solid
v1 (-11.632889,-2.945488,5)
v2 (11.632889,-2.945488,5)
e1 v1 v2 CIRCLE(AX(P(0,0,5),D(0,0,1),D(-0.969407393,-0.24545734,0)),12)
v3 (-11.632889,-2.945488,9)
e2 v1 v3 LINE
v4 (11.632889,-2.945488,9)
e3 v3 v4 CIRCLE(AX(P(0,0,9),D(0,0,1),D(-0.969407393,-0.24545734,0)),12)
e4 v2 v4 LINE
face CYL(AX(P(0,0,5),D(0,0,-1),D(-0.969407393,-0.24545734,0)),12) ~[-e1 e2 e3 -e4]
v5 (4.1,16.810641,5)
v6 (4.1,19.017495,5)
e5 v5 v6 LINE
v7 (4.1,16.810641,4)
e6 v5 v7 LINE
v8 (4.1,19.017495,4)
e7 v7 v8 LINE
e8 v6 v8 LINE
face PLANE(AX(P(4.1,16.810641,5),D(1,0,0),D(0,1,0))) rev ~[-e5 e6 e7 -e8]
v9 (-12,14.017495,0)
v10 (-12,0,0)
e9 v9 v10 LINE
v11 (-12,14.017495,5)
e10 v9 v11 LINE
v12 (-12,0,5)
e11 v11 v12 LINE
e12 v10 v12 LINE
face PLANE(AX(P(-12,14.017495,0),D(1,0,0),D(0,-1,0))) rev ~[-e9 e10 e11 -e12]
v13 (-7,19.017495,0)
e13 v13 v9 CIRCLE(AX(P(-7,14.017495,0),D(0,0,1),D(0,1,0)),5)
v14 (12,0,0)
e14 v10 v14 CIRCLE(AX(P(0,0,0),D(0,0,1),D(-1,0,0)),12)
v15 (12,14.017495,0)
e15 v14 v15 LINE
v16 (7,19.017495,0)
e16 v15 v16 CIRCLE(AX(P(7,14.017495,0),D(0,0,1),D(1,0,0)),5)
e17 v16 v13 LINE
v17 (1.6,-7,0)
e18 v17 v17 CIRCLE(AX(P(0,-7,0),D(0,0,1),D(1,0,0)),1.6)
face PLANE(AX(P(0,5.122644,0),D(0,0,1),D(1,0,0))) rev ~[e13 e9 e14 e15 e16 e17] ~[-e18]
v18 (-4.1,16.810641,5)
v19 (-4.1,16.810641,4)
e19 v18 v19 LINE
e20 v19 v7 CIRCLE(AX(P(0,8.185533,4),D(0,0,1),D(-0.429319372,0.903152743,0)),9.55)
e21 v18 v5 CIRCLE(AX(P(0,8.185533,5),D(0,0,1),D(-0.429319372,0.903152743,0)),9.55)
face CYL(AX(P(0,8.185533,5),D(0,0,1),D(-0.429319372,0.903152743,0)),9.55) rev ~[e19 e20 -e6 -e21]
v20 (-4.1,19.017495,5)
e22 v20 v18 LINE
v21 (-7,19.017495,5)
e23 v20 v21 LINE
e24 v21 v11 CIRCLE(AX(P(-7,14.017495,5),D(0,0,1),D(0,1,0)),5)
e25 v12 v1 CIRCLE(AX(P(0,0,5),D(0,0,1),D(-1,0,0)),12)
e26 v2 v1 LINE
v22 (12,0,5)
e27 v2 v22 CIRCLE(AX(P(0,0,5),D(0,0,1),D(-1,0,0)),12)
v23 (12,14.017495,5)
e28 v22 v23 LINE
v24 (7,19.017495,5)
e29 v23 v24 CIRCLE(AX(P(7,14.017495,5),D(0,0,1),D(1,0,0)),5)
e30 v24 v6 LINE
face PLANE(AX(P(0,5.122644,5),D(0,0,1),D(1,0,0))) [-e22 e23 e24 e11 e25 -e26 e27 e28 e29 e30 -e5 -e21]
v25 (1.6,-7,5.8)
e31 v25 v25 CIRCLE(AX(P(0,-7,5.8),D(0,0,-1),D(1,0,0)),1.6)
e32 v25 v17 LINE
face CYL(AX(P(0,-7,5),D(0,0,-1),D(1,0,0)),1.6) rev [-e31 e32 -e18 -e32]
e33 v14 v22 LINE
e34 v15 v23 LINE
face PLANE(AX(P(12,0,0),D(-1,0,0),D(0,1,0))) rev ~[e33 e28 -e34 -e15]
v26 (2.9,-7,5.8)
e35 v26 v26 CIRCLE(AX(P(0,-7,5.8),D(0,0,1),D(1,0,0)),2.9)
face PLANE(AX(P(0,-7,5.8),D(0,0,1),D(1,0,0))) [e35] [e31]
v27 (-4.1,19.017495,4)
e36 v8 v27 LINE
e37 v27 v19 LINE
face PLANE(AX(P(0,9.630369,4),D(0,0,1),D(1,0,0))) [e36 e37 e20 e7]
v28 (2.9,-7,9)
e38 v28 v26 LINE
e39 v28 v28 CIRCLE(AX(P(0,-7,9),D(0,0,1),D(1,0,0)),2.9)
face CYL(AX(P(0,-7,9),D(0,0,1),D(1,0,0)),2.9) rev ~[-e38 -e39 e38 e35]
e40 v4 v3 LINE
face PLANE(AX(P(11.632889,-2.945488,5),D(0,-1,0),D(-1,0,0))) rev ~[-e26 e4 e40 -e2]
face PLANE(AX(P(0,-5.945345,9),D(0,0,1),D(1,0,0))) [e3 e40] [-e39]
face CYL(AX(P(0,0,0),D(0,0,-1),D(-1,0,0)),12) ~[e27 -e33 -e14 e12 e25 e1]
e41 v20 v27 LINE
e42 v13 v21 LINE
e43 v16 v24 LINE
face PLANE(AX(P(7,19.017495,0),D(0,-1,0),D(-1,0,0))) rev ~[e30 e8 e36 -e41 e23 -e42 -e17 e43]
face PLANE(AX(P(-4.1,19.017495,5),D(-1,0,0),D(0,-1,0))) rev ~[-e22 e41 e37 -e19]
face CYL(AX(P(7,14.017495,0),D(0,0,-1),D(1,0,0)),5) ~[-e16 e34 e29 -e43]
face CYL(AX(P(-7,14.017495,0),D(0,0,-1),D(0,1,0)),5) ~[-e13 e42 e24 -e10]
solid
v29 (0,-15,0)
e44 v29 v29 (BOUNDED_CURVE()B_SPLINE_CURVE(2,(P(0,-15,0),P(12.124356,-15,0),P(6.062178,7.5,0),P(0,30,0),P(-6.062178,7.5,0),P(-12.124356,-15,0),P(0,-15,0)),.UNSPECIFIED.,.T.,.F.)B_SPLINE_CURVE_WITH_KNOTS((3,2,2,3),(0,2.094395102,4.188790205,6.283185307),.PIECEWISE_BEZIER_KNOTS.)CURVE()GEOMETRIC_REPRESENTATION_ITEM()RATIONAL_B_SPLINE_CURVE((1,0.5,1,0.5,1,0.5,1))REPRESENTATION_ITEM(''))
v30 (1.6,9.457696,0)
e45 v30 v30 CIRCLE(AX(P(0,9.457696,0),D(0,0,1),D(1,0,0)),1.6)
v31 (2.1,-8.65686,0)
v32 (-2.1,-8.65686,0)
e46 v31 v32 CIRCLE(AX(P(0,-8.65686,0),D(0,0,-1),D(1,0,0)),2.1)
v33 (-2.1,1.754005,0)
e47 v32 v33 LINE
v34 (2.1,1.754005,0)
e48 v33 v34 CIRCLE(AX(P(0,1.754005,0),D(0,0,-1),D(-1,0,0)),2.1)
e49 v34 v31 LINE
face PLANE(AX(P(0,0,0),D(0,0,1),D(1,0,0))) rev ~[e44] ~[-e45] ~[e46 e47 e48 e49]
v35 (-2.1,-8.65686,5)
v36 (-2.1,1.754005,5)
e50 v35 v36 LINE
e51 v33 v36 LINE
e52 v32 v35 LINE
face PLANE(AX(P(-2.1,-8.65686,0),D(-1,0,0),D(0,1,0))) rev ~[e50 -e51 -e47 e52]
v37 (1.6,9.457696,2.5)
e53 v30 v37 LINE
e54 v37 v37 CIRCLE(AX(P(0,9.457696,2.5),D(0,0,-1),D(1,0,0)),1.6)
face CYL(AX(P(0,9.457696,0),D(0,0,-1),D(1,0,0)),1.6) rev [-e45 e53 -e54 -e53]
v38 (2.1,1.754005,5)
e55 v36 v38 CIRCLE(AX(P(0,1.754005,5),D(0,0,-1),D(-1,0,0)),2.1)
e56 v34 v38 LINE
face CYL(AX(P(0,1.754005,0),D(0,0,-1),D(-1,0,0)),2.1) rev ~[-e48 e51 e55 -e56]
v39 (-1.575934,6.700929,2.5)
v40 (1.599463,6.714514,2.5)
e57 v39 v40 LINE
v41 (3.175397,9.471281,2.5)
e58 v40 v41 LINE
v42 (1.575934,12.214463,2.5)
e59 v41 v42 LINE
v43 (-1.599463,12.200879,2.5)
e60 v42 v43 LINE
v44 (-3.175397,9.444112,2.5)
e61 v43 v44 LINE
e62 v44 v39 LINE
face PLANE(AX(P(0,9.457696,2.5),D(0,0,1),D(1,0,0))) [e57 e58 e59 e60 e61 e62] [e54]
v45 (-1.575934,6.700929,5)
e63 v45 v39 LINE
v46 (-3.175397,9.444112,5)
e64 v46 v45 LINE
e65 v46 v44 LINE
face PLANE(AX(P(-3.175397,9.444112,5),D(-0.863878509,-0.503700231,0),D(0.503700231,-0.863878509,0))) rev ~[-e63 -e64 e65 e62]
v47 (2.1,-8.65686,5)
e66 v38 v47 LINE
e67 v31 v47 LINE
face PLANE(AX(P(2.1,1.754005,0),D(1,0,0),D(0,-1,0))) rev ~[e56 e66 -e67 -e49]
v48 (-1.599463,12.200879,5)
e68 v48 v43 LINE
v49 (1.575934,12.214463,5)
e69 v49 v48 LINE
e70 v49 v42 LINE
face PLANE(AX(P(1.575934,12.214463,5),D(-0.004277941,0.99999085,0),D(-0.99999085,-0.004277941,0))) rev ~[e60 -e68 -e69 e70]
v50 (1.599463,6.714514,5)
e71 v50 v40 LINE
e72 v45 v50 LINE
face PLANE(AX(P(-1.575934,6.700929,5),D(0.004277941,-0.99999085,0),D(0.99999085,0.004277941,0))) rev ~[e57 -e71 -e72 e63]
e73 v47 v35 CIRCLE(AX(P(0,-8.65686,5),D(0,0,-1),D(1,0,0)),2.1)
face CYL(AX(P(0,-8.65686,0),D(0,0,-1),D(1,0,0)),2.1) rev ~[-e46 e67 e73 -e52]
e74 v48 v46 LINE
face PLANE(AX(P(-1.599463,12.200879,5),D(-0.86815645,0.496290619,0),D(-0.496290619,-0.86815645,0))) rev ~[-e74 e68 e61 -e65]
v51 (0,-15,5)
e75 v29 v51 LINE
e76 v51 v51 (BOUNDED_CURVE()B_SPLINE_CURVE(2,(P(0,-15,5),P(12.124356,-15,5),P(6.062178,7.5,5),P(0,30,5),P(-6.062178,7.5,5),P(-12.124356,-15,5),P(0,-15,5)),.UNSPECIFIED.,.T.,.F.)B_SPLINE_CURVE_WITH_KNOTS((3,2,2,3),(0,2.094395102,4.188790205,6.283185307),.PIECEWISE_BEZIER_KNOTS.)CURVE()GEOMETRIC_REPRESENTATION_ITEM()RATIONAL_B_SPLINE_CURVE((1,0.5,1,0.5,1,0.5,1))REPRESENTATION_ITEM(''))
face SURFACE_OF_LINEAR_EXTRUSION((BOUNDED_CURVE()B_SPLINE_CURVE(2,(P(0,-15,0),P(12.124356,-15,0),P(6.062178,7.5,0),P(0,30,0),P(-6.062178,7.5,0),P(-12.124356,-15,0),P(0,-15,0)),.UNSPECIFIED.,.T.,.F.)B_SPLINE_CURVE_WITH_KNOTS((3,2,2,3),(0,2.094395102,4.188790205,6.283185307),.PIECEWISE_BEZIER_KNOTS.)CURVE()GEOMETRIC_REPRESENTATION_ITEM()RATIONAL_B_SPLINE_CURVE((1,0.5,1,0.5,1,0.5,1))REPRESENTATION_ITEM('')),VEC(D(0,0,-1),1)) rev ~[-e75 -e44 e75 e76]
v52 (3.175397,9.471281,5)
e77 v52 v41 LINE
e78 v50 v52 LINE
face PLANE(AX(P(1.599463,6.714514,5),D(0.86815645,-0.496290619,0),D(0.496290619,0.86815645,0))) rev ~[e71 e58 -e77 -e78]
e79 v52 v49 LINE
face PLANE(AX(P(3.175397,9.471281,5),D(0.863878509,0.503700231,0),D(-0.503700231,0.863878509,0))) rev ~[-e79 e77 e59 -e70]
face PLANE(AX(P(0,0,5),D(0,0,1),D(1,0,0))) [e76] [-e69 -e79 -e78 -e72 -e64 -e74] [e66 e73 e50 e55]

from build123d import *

# Parameters (mm, degrees)
F0_R      = 1.6
F1_DEPTH  = 5
F3_DEPTH  = 2.5
F4_R      = 1.6
F5_DEPTH  = 5
F6_R      = 1.6
F7_DEPTH  = 4
F9_DEPTH  = 1
F10_R     = 2.9
F11_DEPTH = 3.2


with BuildPart() as f1:
    # F0 (on Top) → F1 (new body)
    with BuildSketch(Plane.XY):
        with BuildLine():
            add(Edge.make_bspline(
                [(0, -15), (12.124355653, -15), (6.0621778265, 7.5), (0, 30), (-6.0621778265, 7.5), (-12.124355653, -15), (0, -15)],
                knots=[0, 0, 0, 2.0943951024, 2.0943951024, 4.1887902048, 4.1887902048, 6.2831853072, 6.2831853072, 6.2831853072], degree=2, weights=[1, 0.5, 1, 0.5, 1, 0.5, 1]))
        make_face()
        with BuildLine():
            ThreePointArc((-2.1, 1.7540045083), (0, 3.8540045083), (2.1, 1.7540045083))
            Line((2.1, 1.7540045083), (2.1, -8.6568603292))
            ThreePointArc((2.1, -8.6568603292), (0, -10.7568603292), (-2.1, -8.6568603292))
            Line((-2.1, -8.6568603292), (-2.1, 1.7540045083))
        make_face(mode=Mode.SUBTRACT)
        with Locations((0, 9.4576962292)):
            Circle(F0_R, mode=Mode.SUBTRACT)
    extrude(amount=F1_DEPTH)

    # F2 (on face) → F3 (cut)
    with BuildSketch(Plane.XY.offset(5)):
        Polygon((1.5994630503, 6.7145135368), (3.175397424, 9.471280517), (1.5759343737, 12.2144632094), (-1.5994630503, 12.2008789216), (-3.175397424, 9.4441119415), (-1.5759343737, 6.700929249), align=None)
    extrude(amount=-F3_DEPTH, mode=Mode.SUBTRACT)


with BuildPart() as f5:
    # F4 (on Top) → F5 (new body)
    with BuildSketch(Plane.XY):
        with BuildLine():
            Line((-12, 14.0174950817), (-12, 0))
            ThreePointArc((-12, 0), (0, -12), (12, 0))
            Line((12, 0), (12, 14.0174950817))
            ThreePointArc((12, 14.0174950817), (10.5355339059, 17.5530289876), (7, 19.0174950817))
            Line((7, 19.0174950817), (-7, 19.0174950817))
            ThreePointArc((-7, 19.0174950817), (-10.5355339059, 17.5530289876), (-12, 14.0174950817))
        make_face()
        with Locations((0, -7)):
            Circle(F4_R, mode=Mode.SUBTRACT)
    extrude(amount=F5_DEPTH)

    # F6 (on face) → F7 (join)
    with BuildSketch(Plane.XY.offset(5)):
        with BuildLine():
            Line((11.6328887184, -2.945488086), (-11.6328887184, -2.945488086))
            ThreePointArc((-11.6328887184, -2.945488086), (0, -12), (11.6328887184, -2.945488086))
        make_face()
        with Locations((0, -7)):
            Circle(F6_R, mode=Mode.SUBTRACT)
    extrude(amount=F7_DEPTH)

    # F8 (on face) → F9 (cut)
    with BuildSketch(Plane.XY.offset(5)):
        with BuildLine():
            Line((-4.1, 19.0174950817), (-4.1, 16.8106414017))
            ThreePointArc((-4.1, 16.8106414017), (0, -1.3644672933), (4.1, 16.8106414017))
            Line((4.1, 16.8106414017), (4.1, 19.0174950817))
            Line((4.1, 19.0174950817), (0, 19.0174950817))
            Line((0, 19.0174950817), (-4.1, 19.0174950817))
        make_face()
    extrude(amount=-F9_DEPTH, mode=Mode.SUBTRACT)

    # F10 (on face) → F11 (cut)
    with BuildSketch(Plane.XY.offset(9)):
        with Locations((0, -7)):
            Circle(F10_R)
    extrude(amount=-F11_DEPTH, mode=Mode.SUBTRACT)


solid = Compound([f1.part, f5.part])
